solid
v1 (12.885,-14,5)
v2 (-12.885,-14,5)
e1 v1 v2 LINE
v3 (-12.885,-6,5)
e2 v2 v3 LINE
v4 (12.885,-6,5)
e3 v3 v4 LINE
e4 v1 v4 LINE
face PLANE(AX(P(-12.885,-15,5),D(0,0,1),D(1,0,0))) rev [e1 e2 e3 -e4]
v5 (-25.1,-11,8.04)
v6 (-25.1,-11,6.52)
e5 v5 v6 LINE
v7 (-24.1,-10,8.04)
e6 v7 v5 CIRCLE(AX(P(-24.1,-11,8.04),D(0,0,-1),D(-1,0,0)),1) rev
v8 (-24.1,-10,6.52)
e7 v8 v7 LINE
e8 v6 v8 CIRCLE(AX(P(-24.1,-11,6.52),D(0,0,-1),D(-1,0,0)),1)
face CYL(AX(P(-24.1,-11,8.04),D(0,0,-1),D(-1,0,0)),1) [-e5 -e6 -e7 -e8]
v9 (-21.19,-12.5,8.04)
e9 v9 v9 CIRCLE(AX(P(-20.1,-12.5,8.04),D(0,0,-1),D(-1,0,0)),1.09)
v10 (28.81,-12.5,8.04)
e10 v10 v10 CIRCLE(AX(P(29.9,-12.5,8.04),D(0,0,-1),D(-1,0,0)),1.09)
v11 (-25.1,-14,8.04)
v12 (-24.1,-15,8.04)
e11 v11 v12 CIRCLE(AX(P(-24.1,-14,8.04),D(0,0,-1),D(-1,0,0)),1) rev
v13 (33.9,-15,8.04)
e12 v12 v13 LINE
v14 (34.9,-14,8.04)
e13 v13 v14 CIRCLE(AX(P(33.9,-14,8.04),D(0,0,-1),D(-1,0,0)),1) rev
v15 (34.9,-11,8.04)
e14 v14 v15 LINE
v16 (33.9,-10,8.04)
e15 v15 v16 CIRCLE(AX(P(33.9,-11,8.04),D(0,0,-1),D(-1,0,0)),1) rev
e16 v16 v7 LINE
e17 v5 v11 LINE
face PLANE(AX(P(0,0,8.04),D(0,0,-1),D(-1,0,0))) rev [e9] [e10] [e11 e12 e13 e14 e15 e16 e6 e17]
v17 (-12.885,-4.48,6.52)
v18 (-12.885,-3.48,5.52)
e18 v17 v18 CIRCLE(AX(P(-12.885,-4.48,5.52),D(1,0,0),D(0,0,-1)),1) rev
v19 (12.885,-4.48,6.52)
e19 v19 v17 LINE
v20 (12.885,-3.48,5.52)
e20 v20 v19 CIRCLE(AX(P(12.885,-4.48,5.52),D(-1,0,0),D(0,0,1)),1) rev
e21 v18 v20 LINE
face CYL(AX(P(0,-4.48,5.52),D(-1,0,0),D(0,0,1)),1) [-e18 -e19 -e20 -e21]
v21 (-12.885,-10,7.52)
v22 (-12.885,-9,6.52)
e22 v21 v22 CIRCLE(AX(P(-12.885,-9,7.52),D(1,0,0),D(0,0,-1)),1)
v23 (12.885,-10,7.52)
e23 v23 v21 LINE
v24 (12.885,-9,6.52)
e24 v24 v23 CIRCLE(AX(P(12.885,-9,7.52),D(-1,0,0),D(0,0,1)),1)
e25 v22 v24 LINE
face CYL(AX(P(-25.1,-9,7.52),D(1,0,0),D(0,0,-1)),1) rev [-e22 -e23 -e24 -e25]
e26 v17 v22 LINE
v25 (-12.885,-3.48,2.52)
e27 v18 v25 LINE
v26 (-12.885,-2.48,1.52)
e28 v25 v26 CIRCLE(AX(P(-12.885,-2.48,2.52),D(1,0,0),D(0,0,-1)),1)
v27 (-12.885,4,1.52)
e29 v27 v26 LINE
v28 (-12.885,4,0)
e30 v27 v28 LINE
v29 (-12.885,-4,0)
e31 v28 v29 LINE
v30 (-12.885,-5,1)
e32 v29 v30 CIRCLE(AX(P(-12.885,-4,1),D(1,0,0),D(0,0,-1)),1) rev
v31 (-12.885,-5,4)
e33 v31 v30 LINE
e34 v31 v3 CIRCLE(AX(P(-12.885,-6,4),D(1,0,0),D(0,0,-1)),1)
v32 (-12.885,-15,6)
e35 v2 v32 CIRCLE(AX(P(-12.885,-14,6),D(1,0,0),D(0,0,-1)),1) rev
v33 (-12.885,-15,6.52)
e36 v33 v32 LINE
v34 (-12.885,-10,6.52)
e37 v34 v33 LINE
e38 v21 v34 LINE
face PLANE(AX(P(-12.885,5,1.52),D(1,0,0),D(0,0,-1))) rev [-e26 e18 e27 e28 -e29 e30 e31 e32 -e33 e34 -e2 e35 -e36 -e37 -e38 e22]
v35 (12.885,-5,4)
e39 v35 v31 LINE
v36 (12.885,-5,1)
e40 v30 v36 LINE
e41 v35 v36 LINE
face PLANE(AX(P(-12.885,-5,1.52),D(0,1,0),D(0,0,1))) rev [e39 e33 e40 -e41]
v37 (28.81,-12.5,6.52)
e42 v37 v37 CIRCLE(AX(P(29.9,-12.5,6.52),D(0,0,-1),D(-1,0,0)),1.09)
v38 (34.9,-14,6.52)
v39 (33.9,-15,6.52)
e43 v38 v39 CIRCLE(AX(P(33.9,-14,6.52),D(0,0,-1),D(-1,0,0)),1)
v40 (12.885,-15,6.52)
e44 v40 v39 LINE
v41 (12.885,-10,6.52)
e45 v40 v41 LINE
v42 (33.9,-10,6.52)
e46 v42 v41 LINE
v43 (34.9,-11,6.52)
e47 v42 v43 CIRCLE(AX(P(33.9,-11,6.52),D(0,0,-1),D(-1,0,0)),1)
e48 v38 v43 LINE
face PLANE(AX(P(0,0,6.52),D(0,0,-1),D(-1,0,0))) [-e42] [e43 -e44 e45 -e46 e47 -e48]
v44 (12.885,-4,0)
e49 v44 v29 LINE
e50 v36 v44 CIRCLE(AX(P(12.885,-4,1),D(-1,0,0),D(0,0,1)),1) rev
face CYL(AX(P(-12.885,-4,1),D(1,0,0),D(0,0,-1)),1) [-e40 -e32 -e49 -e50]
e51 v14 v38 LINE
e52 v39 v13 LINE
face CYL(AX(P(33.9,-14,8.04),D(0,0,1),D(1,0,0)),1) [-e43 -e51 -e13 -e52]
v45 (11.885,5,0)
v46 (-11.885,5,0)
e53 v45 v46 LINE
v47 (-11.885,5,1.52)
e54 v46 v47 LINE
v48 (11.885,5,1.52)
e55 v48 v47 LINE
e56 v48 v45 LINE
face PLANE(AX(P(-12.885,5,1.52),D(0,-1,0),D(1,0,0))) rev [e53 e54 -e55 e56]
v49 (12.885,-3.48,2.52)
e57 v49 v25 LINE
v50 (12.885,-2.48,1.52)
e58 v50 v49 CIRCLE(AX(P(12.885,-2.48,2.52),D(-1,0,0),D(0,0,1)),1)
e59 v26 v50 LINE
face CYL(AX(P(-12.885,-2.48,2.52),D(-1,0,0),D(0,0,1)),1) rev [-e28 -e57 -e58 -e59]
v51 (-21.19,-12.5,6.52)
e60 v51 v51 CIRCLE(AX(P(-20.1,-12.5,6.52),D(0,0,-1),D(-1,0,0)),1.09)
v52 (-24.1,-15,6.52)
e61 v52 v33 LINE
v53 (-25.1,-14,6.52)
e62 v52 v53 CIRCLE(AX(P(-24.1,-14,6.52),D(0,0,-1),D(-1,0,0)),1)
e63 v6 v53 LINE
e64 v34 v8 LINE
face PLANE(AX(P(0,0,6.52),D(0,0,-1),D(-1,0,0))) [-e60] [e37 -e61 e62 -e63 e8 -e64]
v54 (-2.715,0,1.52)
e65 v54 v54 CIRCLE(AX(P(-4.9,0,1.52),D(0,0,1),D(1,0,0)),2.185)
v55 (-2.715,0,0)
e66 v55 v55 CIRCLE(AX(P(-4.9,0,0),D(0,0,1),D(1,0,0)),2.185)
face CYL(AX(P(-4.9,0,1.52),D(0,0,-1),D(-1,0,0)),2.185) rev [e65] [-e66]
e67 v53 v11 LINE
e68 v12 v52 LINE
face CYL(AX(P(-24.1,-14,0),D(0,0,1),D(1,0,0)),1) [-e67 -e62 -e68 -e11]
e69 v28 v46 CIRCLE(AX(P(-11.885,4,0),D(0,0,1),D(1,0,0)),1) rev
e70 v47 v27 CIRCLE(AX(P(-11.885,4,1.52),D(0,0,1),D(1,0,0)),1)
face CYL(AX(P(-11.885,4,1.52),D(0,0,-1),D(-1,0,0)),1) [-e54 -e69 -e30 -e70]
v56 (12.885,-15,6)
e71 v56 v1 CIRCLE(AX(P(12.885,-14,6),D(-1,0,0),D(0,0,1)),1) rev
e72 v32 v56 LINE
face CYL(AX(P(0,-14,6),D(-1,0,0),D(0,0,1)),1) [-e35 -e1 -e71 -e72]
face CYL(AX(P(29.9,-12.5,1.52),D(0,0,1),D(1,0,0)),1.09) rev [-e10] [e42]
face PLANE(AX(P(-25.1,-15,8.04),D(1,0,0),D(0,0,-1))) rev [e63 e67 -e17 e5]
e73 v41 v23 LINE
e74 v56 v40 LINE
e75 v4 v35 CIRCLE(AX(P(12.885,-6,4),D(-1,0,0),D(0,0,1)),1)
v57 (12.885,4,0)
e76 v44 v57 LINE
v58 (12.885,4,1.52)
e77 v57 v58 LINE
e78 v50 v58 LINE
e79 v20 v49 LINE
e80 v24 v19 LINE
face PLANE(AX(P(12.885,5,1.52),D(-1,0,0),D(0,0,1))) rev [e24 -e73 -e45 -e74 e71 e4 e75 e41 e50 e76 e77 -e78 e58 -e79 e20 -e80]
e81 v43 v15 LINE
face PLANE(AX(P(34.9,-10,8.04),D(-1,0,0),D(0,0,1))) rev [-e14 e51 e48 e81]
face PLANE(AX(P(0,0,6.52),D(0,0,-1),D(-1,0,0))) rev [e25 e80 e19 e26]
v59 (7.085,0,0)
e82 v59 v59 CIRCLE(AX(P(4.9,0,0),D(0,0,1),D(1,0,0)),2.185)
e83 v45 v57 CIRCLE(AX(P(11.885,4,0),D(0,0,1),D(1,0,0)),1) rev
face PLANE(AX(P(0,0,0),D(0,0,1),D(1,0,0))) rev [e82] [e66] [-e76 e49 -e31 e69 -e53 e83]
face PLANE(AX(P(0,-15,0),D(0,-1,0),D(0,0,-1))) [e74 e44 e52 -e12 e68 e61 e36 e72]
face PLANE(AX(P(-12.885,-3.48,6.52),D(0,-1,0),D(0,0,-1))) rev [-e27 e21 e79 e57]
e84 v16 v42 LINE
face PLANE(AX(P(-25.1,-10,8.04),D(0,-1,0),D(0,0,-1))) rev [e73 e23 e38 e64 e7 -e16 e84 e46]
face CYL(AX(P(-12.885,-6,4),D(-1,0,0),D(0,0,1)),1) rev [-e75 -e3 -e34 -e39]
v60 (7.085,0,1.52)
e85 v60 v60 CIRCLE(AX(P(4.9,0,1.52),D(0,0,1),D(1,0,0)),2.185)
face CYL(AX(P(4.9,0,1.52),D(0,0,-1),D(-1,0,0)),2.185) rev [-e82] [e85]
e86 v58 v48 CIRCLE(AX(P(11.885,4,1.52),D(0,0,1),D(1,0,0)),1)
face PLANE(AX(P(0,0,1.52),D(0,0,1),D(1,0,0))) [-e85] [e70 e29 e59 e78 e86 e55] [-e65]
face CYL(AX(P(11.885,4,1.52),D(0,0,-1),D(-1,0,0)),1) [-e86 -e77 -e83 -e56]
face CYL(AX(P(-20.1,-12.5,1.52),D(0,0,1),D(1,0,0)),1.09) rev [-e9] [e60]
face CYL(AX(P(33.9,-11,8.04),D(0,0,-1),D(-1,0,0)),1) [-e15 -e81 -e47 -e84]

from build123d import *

# Parameters (mm, degrees)
SKETCH1_W           = 25.77
SKETCH1_H           = 10
SKETCH1_R           = 2.185
BOSS_EXTRUDE1_DEPTH = 1.52
SKETCH2_W           = 25.77
SKETCH2_H           = 1.52
BOSS_EXTRUDE2_DEPTH = 5
SKETCH3_W           = 25.77
SKETCH3_H           = 1.52
BOSS_EXTRUDE3_DEPTH = 10
BOSS_EXTRUDE4_DEPTH = 1.52
SKETCH5_R           = 1.09
CUT_EXTRUDE1_DEPTH  = 5
FILLET1_R           = 1


with BuildPart() as part:
    # Sketch1 → Boss-Extrude1 (new body)
    with BuildSketch(Plane.XY):
        Rectangle(SKETCH1_W, SKETCH1_H)
        with Locations((-4.9, 0)):
            Circle(SKETCH1_R, mode=Mode.SUBTRACT)
        with Locations((4.9, 0)):
            Circle(SKETCH1_R, mode=Mode.SUBTRACT)
    extrude(amount=BOSS_EXTRUDE1_DEPTH)

    # Sketch2 → Boss-Extrude2 (add)
    with BuildSketch(Plane.XY.offset(1.52)):
        with Locations((0, -4.24)):
            Rectangle(SKETCH2_W, SKETCH2_H)
    extrude(amount=BOSS_EXTRUDE2_DEPTH)

    # Sketch3 → Boss-Extrude3 (add)
    with BuildSketch(Plane(origin=(0, -5, 0), x_dir=(-1, 0, 0), z_dir=(0, -1, 0))):
        with Locations((0, -5.76)):
            Rectangle(SKETCH3_W, SKETCH3_H)
    extrude(amount=BOSS_EXTRUDE3_DEPTH)

    # Sketch4 → Boss-Extrude4 (add)
    with BuildSketch(Plane.XY.offset(6.52)):
        Polygon((-12.885, -15), (-25.1, -15), (-25.1, -10), (34.9, -10), (34.9, -15), align=None)
    extrude(amount=BOSS_EXTRUDE4_DEPTH)

    # Sketch5 → Cut-Extrude1 (cut, symmetric)
    with BuildSketch(Plane.XY.offset(6.52)):
        with Locations(Location((-20.1, -12.5, 0), (0, 0, 180))):
            Circle(SKETCH5_R)
        with Locations(Location((29.9, -12.5, 0), (0, 0, 180))):
            Circle(SKETCH5_R)
    extrude(amount=CUT_EXTRUDE1_DEPTH, both=True, mode=Mode.SUBTRACT)

    # Fillet1
    fillet1_edges = [part.edges().sort_by_distance(p)[0] for p in [
        (0, -5, 0),
        (0, -5, 5),
        (-25.1, -15, 7.28),
        (-25.1, -10, 7.28),
        (34.9, -15, 7.28),
        (34.9, -10, 7.28),
        (0, -10, 6.52),
        (0, -3.48, 6.52),
        (0, -3.48, 1.52),
        (-12.885, 5, 0.76),
        (12.885, 5, 0.76),
        (0, -15, 5),
    ]]
    fillet(fillet1_edges, radius=FILLET1_R)


solid = part.part
